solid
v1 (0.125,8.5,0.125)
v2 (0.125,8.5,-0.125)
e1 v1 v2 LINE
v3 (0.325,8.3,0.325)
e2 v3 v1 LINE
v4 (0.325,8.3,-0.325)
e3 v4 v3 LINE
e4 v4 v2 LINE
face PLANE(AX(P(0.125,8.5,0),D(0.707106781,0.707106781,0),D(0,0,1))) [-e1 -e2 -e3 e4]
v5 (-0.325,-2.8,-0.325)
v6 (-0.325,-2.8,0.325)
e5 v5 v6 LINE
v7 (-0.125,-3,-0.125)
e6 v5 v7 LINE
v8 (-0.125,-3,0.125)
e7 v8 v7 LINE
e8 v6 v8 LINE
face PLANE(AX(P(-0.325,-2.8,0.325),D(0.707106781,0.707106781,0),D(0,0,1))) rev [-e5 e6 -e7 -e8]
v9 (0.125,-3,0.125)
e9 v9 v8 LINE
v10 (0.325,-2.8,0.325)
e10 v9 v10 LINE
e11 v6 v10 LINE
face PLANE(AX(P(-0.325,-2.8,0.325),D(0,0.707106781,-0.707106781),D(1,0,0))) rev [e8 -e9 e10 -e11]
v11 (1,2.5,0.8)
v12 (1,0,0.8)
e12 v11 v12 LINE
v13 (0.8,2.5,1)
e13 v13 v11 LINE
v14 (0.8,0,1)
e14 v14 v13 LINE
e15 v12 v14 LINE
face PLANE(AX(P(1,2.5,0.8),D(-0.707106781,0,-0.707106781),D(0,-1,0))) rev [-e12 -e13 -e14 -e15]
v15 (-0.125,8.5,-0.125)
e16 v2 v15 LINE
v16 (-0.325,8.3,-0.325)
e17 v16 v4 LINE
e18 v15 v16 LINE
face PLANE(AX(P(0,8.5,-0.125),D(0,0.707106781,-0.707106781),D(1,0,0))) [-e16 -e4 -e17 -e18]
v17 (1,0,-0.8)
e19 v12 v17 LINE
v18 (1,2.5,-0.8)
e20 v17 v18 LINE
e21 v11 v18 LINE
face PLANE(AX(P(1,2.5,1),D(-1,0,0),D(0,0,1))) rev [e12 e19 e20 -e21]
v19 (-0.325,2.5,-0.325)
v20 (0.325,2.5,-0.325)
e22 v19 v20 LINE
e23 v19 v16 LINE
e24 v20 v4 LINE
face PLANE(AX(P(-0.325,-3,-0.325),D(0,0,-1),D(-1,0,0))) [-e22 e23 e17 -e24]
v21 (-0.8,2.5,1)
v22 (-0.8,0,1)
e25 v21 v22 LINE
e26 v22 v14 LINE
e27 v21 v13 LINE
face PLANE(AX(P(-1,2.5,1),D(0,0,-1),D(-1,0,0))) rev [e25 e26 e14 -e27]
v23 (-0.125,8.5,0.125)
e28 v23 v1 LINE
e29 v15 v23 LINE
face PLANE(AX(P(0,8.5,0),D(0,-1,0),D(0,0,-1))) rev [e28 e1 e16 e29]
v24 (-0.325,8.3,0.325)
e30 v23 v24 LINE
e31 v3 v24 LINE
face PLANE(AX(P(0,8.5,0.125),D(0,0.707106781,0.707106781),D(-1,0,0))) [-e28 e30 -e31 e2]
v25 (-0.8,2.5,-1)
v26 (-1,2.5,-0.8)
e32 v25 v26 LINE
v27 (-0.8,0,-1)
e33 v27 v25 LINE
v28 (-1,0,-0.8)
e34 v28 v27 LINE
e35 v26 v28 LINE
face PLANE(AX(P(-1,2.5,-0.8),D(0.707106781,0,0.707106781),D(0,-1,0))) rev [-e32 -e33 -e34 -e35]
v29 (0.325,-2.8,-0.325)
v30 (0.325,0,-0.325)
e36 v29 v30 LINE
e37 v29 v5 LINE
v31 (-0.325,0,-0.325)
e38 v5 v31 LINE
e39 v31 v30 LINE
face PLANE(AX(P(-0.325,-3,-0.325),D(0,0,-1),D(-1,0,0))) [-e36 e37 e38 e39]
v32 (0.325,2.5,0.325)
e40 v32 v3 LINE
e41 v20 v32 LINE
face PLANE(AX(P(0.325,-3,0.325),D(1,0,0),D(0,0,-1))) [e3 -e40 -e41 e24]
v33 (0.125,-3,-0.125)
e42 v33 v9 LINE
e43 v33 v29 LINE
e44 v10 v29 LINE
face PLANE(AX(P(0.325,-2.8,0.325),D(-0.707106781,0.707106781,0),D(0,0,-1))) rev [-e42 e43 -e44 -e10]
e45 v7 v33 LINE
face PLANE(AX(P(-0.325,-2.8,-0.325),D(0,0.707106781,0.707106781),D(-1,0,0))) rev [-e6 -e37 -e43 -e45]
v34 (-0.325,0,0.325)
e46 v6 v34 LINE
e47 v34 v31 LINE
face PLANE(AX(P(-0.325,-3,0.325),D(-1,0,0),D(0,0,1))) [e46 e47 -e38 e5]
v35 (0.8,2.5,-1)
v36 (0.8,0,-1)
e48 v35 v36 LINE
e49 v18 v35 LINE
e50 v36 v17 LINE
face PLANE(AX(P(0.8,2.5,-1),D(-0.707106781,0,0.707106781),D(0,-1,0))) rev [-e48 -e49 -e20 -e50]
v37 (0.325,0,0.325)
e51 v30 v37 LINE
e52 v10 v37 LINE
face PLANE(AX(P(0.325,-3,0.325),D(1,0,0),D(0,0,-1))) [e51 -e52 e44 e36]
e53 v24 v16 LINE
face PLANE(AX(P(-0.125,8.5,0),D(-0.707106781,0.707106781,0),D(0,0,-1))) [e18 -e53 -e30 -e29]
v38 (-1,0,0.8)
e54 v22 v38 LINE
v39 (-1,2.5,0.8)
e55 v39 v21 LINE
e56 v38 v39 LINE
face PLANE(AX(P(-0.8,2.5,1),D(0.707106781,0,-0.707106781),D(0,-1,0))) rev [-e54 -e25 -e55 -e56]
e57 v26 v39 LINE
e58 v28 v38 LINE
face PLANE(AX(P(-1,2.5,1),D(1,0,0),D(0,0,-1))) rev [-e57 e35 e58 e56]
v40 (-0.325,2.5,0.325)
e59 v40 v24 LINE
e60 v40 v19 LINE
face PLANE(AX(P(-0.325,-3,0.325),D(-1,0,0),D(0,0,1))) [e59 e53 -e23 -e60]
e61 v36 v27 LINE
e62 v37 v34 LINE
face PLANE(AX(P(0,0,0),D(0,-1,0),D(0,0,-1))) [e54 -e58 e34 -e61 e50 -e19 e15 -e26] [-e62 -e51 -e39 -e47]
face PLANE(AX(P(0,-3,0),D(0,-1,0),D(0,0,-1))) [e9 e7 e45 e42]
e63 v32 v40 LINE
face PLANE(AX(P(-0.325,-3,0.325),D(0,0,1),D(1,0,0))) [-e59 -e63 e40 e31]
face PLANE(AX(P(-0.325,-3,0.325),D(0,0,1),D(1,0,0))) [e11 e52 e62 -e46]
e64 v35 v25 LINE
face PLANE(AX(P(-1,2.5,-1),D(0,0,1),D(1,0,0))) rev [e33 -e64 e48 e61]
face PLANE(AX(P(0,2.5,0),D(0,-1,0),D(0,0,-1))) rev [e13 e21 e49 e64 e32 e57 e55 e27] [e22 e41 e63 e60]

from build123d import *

# Parameters (mm, degrees)
SKETCH1_W                = 2
SKETCH1_H                = 2
BOSS_EXTRUDE1_DEPTH      = 2.5
BOSS_EXTRUDE2_DEPTH      = 6
BOSS_EXTRUDE2_DEPTH_BACK = 5.5
SKETCH2_W                = 0.65
SKETCH2_H                = 0.65
CHAMFER1_SIZE            = 0.2
CHAMFER2_SIZE            = 0.2


with BuildPart() as part:
    # Sketch1 → Boss-Extrude1 (new body)
    with BuildSketch(Plane(origin=(0, 0, 0), x_dir=(1, 0, 0), z_dir=(0, 1, 0))):
        Rectangle(SKETCH1_W, SKETCH1_H)
    extrude(amount=BOSS_EXTRUDE1_DEPTH)

    # Sketch2 → Boss-Extrude2 (add, two sides: drawn at the far end of the back side and taken through both)
    with BuildSketch(Plane(origin=(0, 2.5, 0), x_dir=(1, 0, 0), z_dir=(0, 1, 0)).offset(-BOSS_EXTRUDE2_DEPTH_BACK)):
        Rectangle(SKETCH2_W, SKETCH2_H)
    extrude(amount=BOSS_EXTRUDE2_DEPTH + BOSS_EXTRUDE2_DEPTH_BACK)

    # Chamfer1
    chamfer1_edges = [part.edges().sort_by_distance(p)[0] for p in [
        (1, 1.25, 1),
        (-1, 1.25, 1),
        (-1, 1.25, -1),
        (1, 1.25, -1),
    ]]
    chamfer(chamfer1_edges, length=CHAMFER1_SIZE)

    # Chamfer2
    chamfer2_edges = [part.edges().sort_by_distance(p)[0] for p in [
        (0.325, -3, 0),
        (0, -3, 0.325),
        (-0.325, -3, 0),
        (0, -3, -0.325),
        (0.325, 8.5, 0),
        (0, 8.5, -0.325),
        (-0.325, 8.5, 0),
        (0, 8.5, 0.325),
    ]]
    chamfer(chamfer2_edges, length=CHAMFER2_SIZE)


solid = part.part
